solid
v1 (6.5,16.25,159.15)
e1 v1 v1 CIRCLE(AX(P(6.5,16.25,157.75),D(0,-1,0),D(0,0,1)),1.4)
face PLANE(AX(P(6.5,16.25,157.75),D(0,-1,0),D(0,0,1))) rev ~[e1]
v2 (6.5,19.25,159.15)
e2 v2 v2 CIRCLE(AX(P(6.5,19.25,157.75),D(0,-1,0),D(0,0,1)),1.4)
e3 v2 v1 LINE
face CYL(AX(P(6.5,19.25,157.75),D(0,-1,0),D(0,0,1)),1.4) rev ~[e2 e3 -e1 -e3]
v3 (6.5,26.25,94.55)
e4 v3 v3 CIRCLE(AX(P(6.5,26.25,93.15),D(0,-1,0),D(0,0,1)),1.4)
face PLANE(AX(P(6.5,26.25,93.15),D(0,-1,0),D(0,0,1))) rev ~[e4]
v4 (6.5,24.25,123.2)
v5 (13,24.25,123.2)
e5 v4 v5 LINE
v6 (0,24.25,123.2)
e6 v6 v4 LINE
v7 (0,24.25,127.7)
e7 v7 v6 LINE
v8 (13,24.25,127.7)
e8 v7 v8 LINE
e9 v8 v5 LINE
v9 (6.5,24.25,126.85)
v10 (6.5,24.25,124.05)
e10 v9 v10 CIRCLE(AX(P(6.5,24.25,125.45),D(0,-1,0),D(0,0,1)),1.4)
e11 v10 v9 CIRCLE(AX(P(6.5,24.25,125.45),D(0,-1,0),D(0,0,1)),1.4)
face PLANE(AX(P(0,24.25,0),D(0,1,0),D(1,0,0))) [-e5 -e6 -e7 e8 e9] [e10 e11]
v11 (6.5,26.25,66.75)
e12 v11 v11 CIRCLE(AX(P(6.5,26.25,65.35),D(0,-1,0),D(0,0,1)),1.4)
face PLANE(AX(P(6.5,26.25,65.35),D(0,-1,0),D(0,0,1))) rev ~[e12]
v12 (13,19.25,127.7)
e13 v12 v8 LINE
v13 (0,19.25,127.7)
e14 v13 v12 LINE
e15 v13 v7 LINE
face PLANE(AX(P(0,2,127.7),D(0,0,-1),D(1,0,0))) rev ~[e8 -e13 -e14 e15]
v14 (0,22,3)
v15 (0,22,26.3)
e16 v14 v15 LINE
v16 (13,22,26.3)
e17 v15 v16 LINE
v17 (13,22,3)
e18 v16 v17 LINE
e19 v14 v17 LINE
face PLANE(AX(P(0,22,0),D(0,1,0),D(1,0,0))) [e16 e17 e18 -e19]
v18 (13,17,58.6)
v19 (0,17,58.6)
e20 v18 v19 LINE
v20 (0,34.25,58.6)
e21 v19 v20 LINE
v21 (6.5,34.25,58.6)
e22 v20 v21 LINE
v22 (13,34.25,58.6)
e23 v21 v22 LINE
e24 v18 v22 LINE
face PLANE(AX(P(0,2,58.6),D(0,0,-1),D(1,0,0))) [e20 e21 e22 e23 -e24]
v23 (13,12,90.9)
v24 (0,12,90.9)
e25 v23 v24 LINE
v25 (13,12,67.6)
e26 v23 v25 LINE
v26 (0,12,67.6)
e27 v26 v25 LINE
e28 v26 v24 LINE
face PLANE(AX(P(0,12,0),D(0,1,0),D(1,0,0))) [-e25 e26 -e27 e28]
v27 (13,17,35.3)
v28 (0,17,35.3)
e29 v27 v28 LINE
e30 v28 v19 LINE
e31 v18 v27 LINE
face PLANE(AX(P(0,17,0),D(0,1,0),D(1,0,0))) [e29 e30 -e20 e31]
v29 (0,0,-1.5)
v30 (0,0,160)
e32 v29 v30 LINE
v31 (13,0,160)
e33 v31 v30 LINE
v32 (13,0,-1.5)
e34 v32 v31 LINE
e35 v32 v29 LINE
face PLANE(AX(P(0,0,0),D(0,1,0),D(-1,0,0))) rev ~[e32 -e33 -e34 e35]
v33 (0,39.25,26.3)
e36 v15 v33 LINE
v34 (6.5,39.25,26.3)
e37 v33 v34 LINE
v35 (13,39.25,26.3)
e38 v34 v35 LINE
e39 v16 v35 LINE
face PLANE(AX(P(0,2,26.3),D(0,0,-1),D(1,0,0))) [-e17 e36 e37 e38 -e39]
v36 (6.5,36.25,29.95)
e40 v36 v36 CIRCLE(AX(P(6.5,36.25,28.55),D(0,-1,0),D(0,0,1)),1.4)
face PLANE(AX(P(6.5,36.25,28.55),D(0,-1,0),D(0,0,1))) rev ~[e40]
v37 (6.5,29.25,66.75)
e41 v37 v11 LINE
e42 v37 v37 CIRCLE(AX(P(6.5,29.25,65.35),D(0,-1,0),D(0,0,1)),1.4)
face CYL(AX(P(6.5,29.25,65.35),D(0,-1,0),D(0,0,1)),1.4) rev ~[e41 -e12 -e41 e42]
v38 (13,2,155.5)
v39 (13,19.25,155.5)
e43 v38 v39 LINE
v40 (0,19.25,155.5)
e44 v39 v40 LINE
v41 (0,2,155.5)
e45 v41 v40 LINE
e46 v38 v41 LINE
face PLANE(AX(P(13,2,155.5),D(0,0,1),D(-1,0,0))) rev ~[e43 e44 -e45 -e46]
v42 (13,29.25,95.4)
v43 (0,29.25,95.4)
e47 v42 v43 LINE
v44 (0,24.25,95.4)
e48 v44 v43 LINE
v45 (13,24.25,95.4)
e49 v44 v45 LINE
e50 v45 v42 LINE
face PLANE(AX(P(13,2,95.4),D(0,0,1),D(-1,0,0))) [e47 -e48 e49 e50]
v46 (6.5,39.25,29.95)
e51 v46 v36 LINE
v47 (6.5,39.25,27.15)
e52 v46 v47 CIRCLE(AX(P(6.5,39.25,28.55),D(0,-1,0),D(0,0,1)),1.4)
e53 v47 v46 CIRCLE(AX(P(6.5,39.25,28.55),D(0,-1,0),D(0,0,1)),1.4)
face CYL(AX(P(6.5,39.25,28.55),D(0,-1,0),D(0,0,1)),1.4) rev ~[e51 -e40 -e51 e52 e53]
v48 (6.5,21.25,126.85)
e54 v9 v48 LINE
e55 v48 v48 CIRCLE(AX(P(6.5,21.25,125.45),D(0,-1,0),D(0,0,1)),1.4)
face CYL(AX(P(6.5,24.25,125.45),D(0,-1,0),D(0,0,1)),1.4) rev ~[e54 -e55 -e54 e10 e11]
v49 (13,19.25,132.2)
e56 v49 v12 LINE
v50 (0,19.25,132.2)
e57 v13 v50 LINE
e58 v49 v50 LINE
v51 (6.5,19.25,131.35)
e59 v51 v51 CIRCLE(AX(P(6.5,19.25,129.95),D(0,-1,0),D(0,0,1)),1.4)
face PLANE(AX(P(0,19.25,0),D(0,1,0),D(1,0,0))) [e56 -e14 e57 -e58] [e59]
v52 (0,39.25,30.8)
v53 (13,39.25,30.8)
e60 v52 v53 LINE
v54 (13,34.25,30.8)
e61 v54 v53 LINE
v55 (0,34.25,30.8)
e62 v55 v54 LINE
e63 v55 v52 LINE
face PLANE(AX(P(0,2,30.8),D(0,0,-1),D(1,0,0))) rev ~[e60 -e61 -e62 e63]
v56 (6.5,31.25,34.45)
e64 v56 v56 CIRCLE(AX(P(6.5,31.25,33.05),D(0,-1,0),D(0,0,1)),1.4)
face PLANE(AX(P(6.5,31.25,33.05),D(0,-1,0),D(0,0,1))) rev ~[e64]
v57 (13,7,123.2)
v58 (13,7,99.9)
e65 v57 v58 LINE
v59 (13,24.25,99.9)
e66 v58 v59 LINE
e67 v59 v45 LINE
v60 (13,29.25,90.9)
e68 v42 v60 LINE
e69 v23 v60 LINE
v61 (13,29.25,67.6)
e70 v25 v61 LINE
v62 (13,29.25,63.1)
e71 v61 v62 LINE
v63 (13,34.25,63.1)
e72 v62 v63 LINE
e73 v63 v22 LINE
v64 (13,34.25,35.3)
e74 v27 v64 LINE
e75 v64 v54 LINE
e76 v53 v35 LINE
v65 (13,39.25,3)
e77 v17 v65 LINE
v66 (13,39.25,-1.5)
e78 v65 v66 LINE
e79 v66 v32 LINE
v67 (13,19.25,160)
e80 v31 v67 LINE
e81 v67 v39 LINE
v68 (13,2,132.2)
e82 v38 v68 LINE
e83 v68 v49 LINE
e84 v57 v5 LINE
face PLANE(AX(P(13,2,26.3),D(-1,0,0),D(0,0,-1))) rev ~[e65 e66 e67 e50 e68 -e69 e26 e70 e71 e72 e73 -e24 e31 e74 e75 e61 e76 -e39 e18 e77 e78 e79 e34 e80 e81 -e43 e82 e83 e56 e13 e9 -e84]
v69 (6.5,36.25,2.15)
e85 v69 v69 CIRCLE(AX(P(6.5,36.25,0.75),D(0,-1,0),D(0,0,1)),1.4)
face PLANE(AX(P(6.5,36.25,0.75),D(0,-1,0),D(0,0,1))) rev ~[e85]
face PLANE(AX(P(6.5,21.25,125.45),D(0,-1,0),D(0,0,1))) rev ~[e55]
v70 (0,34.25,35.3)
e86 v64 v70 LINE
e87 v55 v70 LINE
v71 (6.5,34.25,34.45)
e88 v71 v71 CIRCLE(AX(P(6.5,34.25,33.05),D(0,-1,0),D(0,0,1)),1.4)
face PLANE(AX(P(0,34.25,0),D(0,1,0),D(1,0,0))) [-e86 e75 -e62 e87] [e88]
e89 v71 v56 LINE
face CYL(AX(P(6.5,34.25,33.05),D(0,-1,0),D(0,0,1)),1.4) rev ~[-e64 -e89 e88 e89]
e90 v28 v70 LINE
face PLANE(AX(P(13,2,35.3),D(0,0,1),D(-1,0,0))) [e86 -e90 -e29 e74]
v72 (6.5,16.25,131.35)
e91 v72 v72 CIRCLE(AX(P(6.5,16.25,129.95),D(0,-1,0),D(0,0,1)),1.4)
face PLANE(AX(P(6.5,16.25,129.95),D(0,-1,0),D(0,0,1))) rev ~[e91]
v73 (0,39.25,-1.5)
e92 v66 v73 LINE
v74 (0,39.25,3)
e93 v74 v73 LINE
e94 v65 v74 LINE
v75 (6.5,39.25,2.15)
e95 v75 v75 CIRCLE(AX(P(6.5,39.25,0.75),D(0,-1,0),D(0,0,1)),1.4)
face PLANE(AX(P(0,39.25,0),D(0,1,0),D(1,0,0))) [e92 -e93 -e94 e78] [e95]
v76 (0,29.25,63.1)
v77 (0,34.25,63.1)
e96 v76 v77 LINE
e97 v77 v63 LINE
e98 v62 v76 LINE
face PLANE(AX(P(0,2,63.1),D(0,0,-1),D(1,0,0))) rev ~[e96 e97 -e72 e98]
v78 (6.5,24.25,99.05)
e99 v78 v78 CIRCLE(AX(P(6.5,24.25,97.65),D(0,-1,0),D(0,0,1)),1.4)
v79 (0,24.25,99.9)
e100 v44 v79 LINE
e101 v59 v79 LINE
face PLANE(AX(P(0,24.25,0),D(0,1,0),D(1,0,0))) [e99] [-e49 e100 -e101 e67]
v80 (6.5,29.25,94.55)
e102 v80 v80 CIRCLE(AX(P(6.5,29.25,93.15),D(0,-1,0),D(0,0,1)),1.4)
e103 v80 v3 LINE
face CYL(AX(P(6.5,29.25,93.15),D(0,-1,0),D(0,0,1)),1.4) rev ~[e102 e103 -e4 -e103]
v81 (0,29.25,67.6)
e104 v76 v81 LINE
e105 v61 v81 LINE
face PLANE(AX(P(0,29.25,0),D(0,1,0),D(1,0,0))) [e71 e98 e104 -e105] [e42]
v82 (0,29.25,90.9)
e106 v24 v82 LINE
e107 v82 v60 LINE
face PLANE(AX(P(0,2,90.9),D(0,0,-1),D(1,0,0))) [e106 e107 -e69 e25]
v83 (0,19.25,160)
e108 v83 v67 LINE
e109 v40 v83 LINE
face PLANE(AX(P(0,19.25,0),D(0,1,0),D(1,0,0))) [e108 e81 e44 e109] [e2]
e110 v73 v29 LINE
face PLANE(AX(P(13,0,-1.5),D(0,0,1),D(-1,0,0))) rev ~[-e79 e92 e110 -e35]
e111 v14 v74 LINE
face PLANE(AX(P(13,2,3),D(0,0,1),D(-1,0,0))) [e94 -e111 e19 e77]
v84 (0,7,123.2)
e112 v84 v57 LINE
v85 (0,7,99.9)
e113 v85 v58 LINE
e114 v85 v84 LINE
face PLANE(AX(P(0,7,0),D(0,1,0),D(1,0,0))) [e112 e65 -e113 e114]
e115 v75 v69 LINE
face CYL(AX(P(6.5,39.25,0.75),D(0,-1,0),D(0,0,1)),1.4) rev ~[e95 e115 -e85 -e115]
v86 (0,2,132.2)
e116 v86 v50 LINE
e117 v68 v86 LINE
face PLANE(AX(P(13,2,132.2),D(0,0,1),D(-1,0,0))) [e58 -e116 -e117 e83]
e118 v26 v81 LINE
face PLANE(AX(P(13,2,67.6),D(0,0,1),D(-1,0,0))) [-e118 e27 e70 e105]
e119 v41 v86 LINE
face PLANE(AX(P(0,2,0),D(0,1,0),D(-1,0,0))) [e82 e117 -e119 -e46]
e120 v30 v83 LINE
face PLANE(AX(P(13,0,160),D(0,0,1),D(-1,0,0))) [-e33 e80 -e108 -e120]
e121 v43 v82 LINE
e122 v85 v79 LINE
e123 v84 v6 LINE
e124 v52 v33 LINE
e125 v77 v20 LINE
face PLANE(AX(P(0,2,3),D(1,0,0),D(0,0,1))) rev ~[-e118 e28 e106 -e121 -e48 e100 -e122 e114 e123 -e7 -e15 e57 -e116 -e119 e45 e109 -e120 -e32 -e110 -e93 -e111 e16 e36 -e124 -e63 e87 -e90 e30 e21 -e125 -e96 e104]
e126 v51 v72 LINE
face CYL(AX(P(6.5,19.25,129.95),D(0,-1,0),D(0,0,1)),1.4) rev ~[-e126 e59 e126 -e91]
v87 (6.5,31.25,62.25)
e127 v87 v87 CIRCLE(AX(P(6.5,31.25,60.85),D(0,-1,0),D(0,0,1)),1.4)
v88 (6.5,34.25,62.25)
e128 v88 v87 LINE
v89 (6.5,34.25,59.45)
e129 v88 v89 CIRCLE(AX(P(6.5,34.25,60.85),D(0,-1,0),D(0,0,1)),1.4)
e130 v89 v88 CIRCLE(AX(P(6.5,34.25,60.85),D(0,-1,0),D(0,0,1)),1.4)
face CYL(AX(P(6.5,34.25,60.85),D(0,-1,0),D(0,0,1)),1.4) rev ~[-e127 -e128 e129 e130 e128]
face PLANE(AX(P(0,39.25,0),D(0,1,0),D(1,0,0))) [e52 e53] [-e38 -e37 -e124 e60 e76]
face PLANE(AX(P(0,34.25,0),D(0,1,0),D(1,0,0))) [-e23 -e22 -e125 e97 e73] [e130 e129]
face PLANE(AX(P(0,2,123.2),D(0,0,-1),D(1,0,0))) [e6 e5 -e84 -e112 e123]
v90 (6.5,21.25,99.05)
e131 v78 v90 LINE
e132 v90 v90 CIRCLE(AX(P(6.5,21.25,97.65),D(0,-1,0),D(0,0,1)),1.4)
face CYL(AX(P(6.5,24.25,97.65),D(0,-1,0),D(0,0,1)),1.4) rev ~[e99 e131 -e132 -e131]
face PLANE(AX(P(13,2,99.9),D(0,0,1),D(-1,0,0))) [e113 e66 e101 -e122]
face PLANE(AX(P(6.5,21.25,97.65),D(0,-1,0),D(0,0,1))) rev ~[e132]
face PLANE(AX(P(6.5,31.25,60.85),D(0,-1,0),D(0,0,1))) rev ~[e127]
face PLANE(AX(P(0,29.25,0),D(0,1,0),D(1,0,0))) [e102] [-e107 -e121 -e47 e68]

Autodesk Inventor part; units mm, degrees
ref_plane "YZ Plane" through (0, 0, 0) normal (1, 0, 0) x (0, 1, 0)
ref_plane "XZ Plane" through (0, 0, 0) normal (0, 1, 0) x (-1, 0, 0)
sketch "Sketch15" plane through (0, 0, 0) normal (0, 1, 0) x (-1, 0, 0)
  line L0 (0, 0) -> (-13, 0)
  line L1 (-13, 0) -> (-13, 160)
  line L2 (-13, 160) -> (0, 160)
  line L3 (0, 160) -> (0, 0)
  line L4 (-13, 0) -> (-13, -1.5)
  line L5 (-13, -1.5) -> (0, -1.5)
  line L6 (0, -1.5) -> (0, 0)
  dimension "d75" = 13
  dimension "d76" = 160
  dimension "d127" = 1.5
extrude "Extrusion15" add sketch "Sketch15" along normal blind 2
sketch "Sketch16" plane through (0, 2, 0) normal (0, 1, 0) x (1, 0, 0)
  line L0 (0, 0) -> (0, -160) projected
  line L1 (13, -160) -> (13, 1.5) projected
  line L2 (0, -160) -> (13, -160)
  line L3 (13, -160) -> (13, -155.5)
  line L4 (13, -155.5) -> (0, -155.5)
  line L5 (0, -155.5) -> (0, -160)
  circle A0 centre (6.5, -157.75) radius 1.4
  circle A1 centre (6.5, -129.95) radius 1.4
  line L6 (13, -127.7) -> (13, -132.2)
  line L7 (13, -132.2) -> (0, -132.2)
  line L8 (0, -127.7) -> (13, -127.7)
  line L9 (0, -127.7) -> (0, -132.2)
  point P0 (20, 0)
  point P1 (13, -160)
  point P2 (0, -155.5)
  point P3 (13, 1.5)
extrude "Extrusion16" add sketch "Sketch16" along normal blind 17.25 contours L8 L1 L7 L0 | L4 L1 L2 L0 | A0 | A1
sketch "Sketch20" plane through (0, 2, 0) normal (0, 1, 0) x (1, 0, 0)
  line L0 (0, -127.7) -> (13, -127.7) projected
  line L1 (0, -127.7) -> (0, -123.2)
  line L2 (0, 0) -> (0, -127.7) projected
  line L3 (0, -123.2) -> (13, -123.2)
  line L4 (13, -127.7) -> (13, 1.5) projected
  line L5 (13, -127.7) -> (13, -123.2)
  line L6 (13, -132.2) -> (13, -127.7) projected
  line L7 (13, -127.7) -> (0, -127.7)
  circle A0 centre (6.5, -125.45) radius 1.4
  circle A1 centre (6.5, -97.65) radius 1.4
  line L8 (10, -95.4) -> (13, -95.4)
  line L9 (13, -95.4) -> (13, -99.9)
  line L10 (13, -99.9) -> (0, -99.9)
  line L11 (0, -95.4) -> (10, -95.4)
  line L12 (0, -95.4) -> (0, -99.9)
  line L13 (6.5, -123.2) -> (6.5, -125.45)
  point P0 (20, 0)
  point P1 (13, 1.5)
  dimension "d95" = 4.5
  dimension "d96" = 2.8
extrude "Extrusion20" add sketch "Sketch20" along normal blind 22.25 contours A0 | L1 L3 L4 L0 | L2 L11 L8 L4 L10 | A1
sketch "Sketch21" plane through (0, 2, 0) normal (0, 1, 0) x (1, 0, 0)
  line L0 (13, -95.4) -> (0, -95.4) projected
  line L1 (0, -95.4) -> (0, -90.9)
  line L2 (0, 0) -> (0, -160) projected
  line L3 (13, -160) -> (13, 1.5) projected
  line L4 (0, -95.4) -> (13, -95.4)
  circle A0 centre (6.5, -93.15) radius 1.4
  circle A1 centre (6.5, -65.35) radius 1.4
  line L5 (10, -63.1) -> (13, -63.1)
  line L6 (13, -63.1) -> (13, -67.6)
  line L7 (13, -67.6) -> (0, -67.6)
  line L8 (0, -67.6) -> (0, -63.1)
  line L9 (0, -63.1) -> (10, -63.1)
  line L10 (13, -95.4) -> (13, -90.9)
  line L11 (0, -90.9) -> (13, -90.9)
  point P0 (20, -90.9)
  point P1 (20, 0)
  point P2 (13, 1.5)
  dimension "d102" = 4.5
extrude "Extrusion21" add sketch "Sketch21" along normal blind 27.25 contours L0 L1 L11 L3 | L7 L2 L9 L5 L3 | A0 | A1
sketch "Sketch22" plane through (0, 2, 0) normal (0, 1, 0) x (1, 0, 0)
  line L0 (0, -63.1) -> (13, -63.1) projected
  line L1 (0, -63.1) -> (0, -58.6)
  line L2 (0, 0) -> (0, -160) projected
  line L3 (0, -58.6) -> (13, -58.6)
  line L4 (13, -160) -> (13, 1.5) projected
  line L5 (13, -58.6) -> (13, -63.1)
  line L6 (13, -63.1) -> (0, -63.1)
  circle A0 centre (6.5, -60.85) radius 1.4
  circle A1 centre (6.5, -33.05) radius 1.4
  line L7 (10, -30.8) -> (13, -30.8)
  line L8 (13, -30.8) -> (13, -35.3)
  line L9 (13, -35.3) -> (0, -35.3)
  line L10 (0, -30.8) -> (0, -35.3)
  line L11 (0, -30.8) -> (10, -30.8)
  line L12 (6.5, -58.6) -> (6.5, -60.85)
  point P0 (20, 0)
  point P1 (13, 1.5)
  dimension "d110" = 4.5
  dimension "d111" = 2.8
extrude "Extrusion22" add sketch "Sketch22" along normal blind 32.25 contours A0 | L1 L3 L4 L0 | L2 L11 L7 L4 L9 | A1
sketch "Sketch23" plane through (0, 2, 0) normal (0, 1, 0) x (1, 0, 0)
  line L0 (0, -30.8) -> (13, -30.8) projected
  line L1 (0, -30.8) -> (0, -26.3)
  line L2 (0, 0) -> (0, -160) projected
  line L3 (0, -26.3) -> (13, -26.3)
  line L4 (13, -160) -> (13, 1.5) projected
  line L5 (13, -26.3) -> (13, -30.8)
  line L6 (13, -30.8) -> (0, -30.8)
  circle A0 centre (6.5, -28.55) radius 1.4
  circle A1 centre (6.5, -0.75) radius 1.4
  line L7 (20, 0) -> (0, 0) projected
  line L8 (3, 1.5) -> (13, 1.5)
  line L9 (13, 1.5) -> (13, -3)
  line L10 (13, -3) -> (0, -3)
  line L11 (0, -3) -> (0, 1.5)
  line L12 (0, 1.5) -> (3, 1.5)
  line L13 (6.5, -26.3) -> (6.5, -28.55)
  dimension "d118" = 4.5
  dimension "d119" = 2.8
  dimension "d124" = 4.5
extrude "Extrusion23" add sketch "Sketch23" along normal blind 37.25 contours A0 | L1 L3 L4 L0 | L2 L7 A1 L4 L10 | L11 L12 L8 L4 L7 A1 | L7 A1 | A1 L7
sketch "Sketch27" plane through (0, 2, 0) normal (0, 1, 0) x (1, 0, 0)
  line L0 (0, -123.2) -> (13, -123.2) projected
  line L1 (0, -99.9) -> (13, -99.9) projected
  line L2 (0, -123.2) -> (13, -123.2)
  line L3 (13, -123.2) -> (13, -99.9)
  line L4 (13, -99.9) -> (0, -99.9)
  line L5 (0, -99.9) -> (0, -123.2)
  point P0 (0, 0)
extrude "Extrusion27" add sketch "Sketch27" along normal blind 5
sketch "Sketch28" plane through (0, 2, 0) normal (0, 1, 0) x (1, 0, 0)
  line L0 (13, -90.9) -> (13, -67.6) projected
  line L1 (0, -67.6) -> (0, -90.9) projected
  line L2 (13, -90.9) -> (0, -90.9)
  line L3 (0, -90.9) -> (0, -67.6)
  line L4 (0, -67.6) -> (13, -67.6)
  line L5 (13, -67.6) -> (13, -90.9)
  point P0 (0, 0)
extrude "Extrusion28" add sketch "Sketch28" along normal blind 10
sketch "Sketch29" plane through (0, 2, 0) normal (0, 1, 0) x (1, 0, 0)
  line L0 (13, -58.6) -> (0, -58.6) projected
  line L1 (0, -58.6) -> (13, -58.6)
  line L2 (13, -58.6) -> (13, -35.3)
  line L3 (13, -35.3) -> (0, -35.3)
  line L4 (0, -35.3) -> (0, -58.6)
  point P0 (0, 0)
extrude "Extrusion29" add sketch "Sketch29" along normal blind 15
sketch "Sketch30" plane through (0, 2, 0) normal (0, 1, 0) x (1, 0, 0)
  line L0 (0, -26.3) -> (13, -26.3) projected
  line L1 (0, -3) -> (13, -3) projected
  line L2 (0, -26.3) -> (13, -26.3)
  line L3 (13, -26.3) -> (13, -3)
  line L4 (13, -3) -> (0, -3)
  line L5 (0, -3) -> (0, -26.3)
  point P0 (0, 0)
extrude "Extrusion30" add sketch "Sketch30" along normal blind 20
ref_plane "Work Plane1" through (0, 0, -1.5) normal (0, 0, 1) x (1, 0, 0)
ref_plane "Work Plane4" through (0, 0, 30.8) normal (0, 0, 1) x (1, 0, 0)
ref_plane "Work Plane3" through (0, 0, 95.4) normal (0, 0, 1) x (1, 0, 0)
sketch "Sketch35" plane through (0, 19.25, 0) normal (0, 1, 0) x (1, 0, 0)
  line L0 (0, -160) -> (13, -160) projected
  line L1 (6.5, -160) -> (6.5, -157.75)
  line L2 (6.5, -157.75) -> (6.5, -129.95)
  point P0 (0, 0)
  dimension "d168" = 2.25
  dimension "d169" = 27.8
hole "Hole1" at (6.5, 19.25, 129.95) at (6.5, 19.25, 157.75) direction (0, -1, 0) diameter 2.8 depth 3
sketch "Sketch36" plane through (0, 24.25, 0) normal (0, 1, 0) x (1, 0, 0)
  line L0 (0, -127.7) -> (13, -127.7) projected
  line L1 (6.5, -127.7) -> (6.5, -125.45)
  line L2 (6.5, -125.45) -> (6.5, -97.65)
  point P0 (0, 0)
hole "Hole2" at (6.5, 24.25, 125.45) at (6.5, 24.25, 97.65) direction (0, -1, 0) diameter 2.8 depth 3
sketch "Sketch37" plane through (0, 29.25, 0) normal (0, 1, 0) x (1, 0, 0)
  line L0 (0, -95.4) -> (13, -95.4) projected
  line L1 (6.5, -95.4) -> (6.5, -93.15)
  line L2 (6.5, -93.15) -> (6.5, -65.35)
  point P0 (0, 0)
hole "Hole3" at (6.5, 29.25, 93.15) at (6.5, 29.25, 65.35) direction (0, -1, 0) diameter 2.8 depth 3
sketch "Sketch38" plane through (0, 34.25, 0) normal (0, 1, 0) x (1, 0, 0)
  line L0 (0, -63.1) -> (13, -63.1) projected
  line L1 (6.5, -63.1) -> (6.5, -60.85)
  line L2 (6.5, -60.85) -> (6.5, -33.05)
  point P0 (0, 0)
  dimension "d195" = 2.25
  dimension "d196" = 27.8
hole "Hole4" at (6.5, 34.25, 60.85) at (6.5, 34.25, 33.05) direction (0, -1, 0) diameter 2.8 depth 3
sketch "Sketch39" plane through (0, 39.25, 0) normal (0, 1, 0) x (1, 0, 0)
  line L0 (13, -30.8) -> (0, -30.8) projected
  line L1 (6.5, -30.8) -> (6.5, -28.55)
  line L2 (6.5, -28.55) -> (6.5, -0.75)
  point P0 (0, 0)
  dimension "d204" = 2.25
  dimension "d205" = 27.8
hole "Hole5" at (6.5, 39.25, 28.55) at (6.5, 39.25, 0.75) direction (0, -1, 0) diameter 2.8 depth 3
thread "Thread1" size "M3x0.5" class "6H" standard "ANSI Metric M Profile" length 6
thread "Thread2" size "M3x0.5" class "6H" standard "ANSI Metric M Profile" length 6
thread "Thread3" size "M3x0.5" class "6H" standard "ANSI Metric M Profile" length 6
thread "Thread4" size "M3x0.5" class "6H" standard "ANSI Metric M Profile" length 6
thread "Thread5" size "M3x0.5" class "6H" standard "ANSI Metric M Profile" length 6
thread "Thread6" size "M3x0.5" class "6H" standard "ANSI Metric M Profile" length 6
thread "Thread7" size "M3x0.5" class "6H" standard "ANSI Metric M Profile" length 6
thread "Thread8" size "M3x0.5" class "6H" standard "ANSI Metric M Profile" length 6
thread "Thread9" size "M3x0.5" class "6H" standard "ANSI Metric M Profile" length 6
thread "Thread10" size "M3x0.5" class "6H" standard "ANSI Metric M Profile" length 6
ref_plane "Work Plane2" through (0, 0, 160) normal (0, 0, 1) x (1, 0, 0)
properties part number "Forearm_1" material "ABS Plastic"
